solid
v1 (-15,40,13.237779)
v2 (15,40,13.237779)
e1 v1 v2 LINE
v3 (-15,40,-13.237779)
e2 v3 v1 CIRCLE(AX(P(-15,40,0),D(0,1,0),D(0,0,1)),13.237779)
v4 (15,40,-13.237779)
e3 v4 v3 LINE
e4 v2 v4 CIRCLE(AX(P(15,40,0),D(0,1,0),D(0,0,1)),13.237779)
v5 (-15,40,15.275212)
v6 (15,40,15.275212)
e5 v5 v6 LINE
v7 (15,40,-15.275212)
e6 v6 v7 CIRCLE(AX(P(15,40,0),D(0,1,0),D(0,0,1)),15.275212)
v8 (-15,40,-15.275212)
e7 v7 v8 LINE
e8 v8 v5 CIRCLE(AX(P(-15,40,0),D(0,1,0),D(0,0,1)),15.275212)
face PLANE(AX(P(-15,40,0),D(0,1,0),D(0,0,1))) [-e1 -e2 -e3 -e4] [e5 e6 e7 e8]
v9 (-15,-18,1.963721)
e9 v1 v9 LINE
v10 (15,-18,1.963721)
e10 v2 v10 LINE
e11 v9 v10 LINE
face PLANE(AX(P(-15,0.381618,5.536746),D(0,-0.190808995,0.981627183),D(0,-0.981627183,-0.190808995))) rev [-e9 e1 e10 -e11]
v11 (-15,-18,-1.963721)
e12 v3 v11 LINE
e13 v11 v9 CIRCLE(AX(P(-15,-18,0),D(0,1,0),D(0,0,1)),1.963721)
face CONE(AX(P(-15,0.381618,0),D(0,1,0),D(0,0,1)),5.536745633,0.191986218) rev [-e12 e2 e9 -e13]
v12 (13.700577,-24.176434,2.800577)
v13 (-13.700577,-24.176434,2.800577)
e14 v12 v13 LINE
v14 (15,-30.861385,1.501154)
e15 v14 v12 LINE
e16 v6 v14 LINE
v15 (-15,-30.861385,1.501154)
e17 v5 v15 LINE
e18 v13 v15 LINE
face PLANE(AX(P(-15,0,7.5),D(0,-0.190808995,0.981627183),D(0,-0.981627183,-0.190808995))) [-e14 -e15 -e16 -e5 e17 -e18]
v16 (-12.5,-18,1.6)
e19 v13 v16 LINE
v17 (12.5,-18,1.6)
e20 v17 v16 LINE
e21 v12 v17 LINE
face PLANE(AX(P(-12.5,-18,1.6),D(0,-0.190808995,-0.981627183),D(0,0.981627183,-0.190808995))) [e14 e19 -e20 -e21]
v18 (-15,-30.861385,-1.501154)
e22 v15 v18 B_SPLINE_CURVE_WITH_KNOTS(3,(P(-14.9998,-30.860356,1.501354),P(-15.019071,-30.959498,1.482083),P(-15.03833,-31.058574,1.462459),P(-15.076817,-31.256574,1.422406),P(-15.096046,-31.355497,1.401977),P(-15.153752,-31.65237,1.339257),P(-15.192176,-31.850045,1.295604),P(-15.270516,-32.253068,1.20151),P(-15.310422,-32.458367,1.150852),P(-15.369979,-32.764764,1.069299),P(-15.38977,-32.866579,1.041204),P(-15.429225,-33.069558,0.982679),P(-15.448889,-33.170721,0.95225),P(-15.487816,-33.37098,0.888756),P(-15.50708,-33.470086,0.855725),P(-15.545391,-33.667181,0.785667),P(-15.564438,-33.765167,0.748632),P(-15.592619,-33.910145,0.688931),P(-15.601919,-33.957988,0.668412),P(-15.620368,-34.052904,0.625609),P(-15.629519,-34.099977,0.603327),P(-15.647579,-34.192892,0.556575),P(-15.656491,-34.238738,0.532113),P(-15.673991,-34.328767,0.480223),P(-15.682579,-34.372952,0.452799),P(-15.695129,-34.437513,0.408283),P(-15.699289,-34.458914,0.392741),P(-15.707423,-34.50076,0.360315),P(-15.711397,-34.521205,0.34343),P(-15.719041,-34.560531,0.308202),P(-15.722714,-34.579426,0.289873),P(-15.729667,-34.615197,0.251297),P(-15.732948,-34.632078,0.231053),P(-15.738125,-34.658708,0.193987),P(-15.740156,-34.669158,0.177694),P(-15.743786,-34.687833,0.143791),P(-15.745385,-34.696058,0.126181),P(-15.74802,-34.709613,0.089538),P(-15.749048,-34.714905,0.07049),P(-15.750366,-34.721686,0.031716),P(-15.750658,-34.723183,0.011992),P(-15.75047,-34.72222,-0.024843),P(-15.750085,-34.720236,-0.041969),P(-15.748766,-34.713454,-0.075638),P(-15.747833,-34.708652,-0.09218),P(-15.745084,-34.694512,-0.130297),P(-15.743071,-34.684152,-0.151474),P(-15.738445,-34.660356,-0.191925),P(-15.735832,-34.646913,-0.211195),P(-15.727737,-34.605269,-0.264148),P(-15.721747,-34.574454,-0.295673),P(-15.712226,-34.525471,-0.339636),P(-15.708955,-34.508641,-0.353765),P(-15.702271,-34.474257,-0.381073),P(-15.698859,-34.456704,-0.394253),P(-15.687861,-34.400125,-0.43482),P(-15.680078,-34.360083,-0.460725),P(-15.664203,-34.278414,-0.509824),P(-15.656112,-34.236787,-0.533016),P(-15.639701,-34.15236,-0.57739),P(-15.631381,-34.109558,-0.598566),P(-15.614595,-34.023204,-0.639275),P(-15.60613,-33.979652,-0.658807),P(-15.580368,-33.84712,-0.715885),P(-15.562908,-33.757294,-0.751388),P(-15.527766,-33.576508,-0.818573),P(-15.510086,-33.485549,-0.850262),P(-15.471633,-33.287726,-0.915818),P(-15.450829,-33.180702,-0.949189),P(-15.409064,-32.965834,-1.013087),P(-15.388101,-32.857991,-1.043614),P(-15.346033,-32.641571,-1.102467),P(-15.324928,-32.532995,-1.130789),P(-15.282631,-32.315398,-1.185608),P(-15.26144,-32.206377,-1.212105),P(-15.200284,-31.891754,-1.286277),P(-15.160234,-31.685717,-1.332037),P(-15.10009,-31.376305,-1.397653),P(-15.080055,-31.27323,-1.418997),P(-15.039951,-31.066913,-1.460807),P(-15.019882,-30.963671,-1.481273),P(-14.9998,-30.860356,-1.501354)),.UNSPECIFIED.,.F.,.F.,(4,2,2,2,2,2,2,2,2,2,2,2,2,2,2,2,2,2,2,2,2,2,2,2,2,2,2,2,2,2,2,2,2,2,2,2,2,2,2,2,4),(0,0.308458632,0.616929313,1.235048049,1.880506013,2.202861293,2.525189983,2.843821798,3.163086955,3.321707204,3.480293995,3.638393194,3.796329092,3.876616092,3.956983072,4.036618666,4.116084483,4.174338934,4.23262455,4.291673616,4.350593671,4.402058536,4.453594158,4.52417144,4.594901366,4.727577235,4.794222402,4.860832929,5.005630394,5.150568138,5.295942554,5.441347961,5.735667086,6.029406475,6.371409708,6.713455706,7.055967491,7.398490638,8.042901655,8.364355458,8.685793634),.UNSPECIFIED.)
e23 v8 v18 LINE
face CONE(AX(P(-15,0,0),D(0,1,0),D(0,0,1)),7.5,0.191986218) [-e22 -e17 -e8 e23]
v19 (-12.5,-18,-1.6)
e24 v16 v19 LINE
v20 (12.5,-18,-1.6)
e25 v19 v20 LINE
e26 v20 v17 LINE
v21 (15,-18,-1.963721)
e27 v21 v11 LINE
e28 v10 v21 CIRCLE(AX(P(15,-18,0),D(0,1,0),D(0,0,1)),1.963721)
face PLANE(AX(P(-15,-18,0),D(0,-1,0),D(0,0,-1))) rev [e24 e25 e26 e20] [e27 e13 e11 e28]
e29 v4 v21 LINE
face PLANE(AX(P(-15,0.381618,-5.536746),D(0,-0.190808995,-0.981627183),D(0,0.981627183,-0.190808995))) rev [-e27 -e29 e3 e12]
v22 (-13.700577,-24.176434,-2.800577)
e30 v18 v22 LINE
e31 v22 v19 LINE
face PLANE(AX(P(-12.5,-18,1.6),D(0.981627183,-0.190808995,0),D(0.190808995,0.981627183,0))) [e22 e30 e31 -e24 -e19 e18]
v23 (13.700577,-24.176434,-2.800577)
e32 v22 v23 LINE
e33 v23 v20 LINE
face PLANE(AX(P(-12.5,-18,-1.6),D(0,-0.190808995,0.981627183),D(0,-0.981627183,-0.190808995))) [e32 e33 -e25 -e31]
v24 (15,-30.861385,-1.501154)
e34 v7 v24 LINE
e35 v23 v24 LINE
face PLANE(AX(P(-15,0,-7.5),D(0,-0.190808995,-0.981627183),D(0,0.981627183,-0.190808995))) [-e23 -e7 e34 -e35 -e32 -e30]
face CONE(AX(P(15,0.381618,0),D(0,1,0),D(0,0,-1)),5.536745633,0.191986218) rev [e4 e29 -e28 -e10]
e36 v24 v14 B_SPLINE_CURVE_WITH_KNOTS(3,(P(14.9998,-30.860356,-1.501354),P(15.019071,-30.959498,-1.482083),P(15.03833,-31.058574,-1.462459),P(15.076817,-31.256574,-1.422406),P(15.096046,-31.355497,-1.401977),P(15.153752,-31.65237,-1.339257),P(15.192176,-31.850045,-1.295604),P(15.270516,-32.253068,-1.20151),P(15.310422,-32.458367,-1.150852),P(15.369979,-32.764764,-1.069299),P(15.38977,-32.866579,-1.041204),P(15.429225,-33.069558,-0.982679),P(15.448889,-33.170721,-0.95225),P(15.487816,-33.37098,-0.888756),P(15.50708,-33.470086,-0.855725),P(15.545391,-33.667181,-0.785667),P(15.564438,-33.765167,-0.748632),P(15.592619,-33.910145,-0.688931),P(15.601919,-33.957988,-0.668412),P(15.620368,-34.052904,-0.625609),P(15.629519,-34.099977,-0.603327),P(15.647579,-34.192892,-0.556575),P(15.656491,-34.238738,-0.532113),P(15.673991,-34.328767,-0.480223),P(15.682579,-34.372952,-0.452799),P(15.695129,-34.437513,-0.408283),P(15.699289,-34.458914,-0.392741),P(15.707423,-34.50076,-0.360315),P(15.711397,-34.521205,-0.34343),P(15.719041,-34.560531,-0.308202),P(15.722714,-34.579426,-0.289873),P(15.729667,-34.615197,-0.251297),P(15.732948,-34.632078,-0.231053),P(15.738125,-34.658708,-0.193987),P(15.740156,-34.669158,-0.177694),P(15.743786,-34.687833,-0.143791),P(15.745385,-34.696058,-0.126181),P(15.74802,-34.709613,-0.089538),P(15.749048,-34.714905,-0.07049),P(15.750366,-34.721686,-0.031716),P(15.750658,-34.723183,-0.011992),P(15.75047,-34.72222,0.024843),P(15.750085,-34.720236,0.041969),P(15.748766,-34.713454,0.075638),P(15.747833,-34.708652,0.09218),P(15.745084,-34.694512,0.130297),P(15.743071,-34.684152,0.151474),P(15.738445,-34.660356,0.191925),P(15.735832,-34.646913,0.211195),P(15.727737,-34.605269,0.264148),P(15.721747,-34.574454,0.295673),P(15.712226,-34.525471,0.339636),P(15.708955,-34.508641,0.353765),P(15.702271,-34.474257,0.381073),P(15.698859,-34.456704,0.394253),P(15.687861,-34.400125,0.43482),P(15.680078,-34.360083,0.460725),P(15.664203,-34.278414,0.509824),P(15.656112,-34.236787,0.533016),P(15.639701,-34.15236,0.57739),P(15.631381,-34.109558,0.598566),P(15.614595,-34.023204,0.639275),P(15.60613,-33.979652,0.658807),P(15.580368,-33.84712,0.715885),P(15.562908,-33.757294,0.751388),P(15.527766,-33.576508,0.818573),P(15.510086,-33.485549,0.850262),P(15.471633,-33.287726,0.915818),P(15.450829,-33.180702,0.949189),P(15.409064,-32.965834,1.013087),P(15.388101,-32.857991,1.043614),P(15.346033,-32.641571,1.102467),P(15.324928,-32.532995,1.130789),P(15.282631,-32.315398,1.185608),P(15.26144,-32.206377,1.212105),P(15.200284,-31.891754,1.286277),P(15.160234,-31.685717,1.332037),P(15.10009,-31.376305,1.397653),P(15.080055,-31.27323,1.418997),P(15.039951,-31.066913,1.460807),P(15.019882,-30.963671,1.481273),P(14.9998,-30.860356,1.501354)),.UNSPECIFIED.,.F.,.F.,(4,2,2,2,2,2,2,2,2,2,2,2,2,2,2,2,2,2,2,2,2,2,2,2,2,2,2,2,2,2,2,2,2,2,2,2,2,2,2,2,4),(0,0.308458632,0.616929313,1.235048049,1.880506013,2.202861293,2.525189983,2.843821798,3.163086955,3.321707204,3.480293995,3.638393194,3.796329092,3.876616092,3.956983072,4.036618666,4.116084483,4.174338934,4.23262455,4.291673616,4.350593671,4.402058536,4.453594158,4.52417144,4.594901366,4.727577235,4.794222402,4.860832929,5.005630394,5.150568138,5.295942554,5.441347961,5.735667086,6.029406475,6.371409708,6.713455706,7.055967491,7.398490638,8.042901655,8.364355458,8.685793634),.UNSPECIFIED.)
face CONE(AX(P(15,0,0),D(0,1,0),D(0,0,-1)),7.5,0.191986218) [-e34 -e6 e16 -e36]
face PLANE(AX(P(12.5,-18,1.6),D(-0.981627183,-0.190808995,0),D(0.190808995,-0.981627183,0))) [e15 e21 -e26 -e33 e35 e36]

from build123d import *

# Parameters (mm, degrees)
BOSS_EXTRUDE1_DEPTH           = 18
BOSS_EXTRUDE1_TAPER           = 11
BOSS_EXTRUDE1_OTHER_WAY_DEPTH = 40
BOSS_EXTRUDE1_OTHER_WAY_TAPER = -11
SHELL1_T                      = -2
SKETCH2_W                     = 25
SKETCH2_H                     = 3.2
BOSS_EXTRUDE2_DEPTH           = 20
BOSS_EXTRUDE2_TAPER           = 11


with BuildPart() as part:
    # Sketch1 → Boss-Extrude1 (new body)
    with BuildSketch(Plane(origin=(0, 0, 0), x_dir=(1, 0, 0), z_dir=(0, 1, 0))):
        with BuildLine():
            ThreePointArc((-15, 7.5), (-22.5, 0), (-15, -7.5))
            Line((-15, -7.5), (15, -7.5))
            ThreePointArc((15, -7.5), (22.5, 0), (15, 7.5))
            Line((15, 7.5), (-15, 7.5))
        make_face()
    extrude(amount=-BOSS_EXTRUDE1_DEPTH, taper=BOSS_EXTRUDE1_TAPER)

    # Sketch1 → Boss-Extrude1 other way (add)
    with BuildSketch(Plane(origin=(0, 0, 0), x_dir=(1, 0, 0), z_dir=(0, 1, 0))):
        with BuildLine():
            ThreePointArc((-15, 7.5), (-22.5, 0), (-15, -7.5))
            Line((-15, -7.5), (15, -7.5))
            ThreePointArc((15, -7.5), (22.5, 0), (15, 7.5))
            Line((15, 7.5), (-15, 7.5))
        make_face()
    extrude(amount=BOSS_EXTRUDE1_OTHER_WAY_DEPTH, taper=BOSS_EXTRUDE1_OTHER_WAY_TAPER)

    # Shell1
    shell1_openings = [part.faces().sort_by_distance(p)[0] for p in [
        (0, 40, 0),
        (0, -18, 0),
    ]]
    offset(amount=SHELL1_T, openings=shell1_openings, kind=Kind.INTERSECTION)

    # Sketch2 → Boss-Extrude2 (add)
    with BuildSketch(Plane.XZ.offset(18)):
        with BuildLine():
            ThreePointArc((-15, 4.001154436), (-19.001154436, 0), (-15, -4.001154436))
            Line((-15, -4.001154436), (15, -4.001154436))
            ThreePointArc((15, -4.001154436), (19.001154436, 0), (15, 4.001154436))
            Line((15, 4.001154436), (-15, 4.001154436))
        make_face()
        Rectangle(SKETCH2_W, SKETCH2_H, mode=Mode.SUBTRACT)
    extrude(amount=BOSS_EXTRUDE2_DEPTH, taper=BOSS_EXTRUDE2_TAPER)


solid = part.part
